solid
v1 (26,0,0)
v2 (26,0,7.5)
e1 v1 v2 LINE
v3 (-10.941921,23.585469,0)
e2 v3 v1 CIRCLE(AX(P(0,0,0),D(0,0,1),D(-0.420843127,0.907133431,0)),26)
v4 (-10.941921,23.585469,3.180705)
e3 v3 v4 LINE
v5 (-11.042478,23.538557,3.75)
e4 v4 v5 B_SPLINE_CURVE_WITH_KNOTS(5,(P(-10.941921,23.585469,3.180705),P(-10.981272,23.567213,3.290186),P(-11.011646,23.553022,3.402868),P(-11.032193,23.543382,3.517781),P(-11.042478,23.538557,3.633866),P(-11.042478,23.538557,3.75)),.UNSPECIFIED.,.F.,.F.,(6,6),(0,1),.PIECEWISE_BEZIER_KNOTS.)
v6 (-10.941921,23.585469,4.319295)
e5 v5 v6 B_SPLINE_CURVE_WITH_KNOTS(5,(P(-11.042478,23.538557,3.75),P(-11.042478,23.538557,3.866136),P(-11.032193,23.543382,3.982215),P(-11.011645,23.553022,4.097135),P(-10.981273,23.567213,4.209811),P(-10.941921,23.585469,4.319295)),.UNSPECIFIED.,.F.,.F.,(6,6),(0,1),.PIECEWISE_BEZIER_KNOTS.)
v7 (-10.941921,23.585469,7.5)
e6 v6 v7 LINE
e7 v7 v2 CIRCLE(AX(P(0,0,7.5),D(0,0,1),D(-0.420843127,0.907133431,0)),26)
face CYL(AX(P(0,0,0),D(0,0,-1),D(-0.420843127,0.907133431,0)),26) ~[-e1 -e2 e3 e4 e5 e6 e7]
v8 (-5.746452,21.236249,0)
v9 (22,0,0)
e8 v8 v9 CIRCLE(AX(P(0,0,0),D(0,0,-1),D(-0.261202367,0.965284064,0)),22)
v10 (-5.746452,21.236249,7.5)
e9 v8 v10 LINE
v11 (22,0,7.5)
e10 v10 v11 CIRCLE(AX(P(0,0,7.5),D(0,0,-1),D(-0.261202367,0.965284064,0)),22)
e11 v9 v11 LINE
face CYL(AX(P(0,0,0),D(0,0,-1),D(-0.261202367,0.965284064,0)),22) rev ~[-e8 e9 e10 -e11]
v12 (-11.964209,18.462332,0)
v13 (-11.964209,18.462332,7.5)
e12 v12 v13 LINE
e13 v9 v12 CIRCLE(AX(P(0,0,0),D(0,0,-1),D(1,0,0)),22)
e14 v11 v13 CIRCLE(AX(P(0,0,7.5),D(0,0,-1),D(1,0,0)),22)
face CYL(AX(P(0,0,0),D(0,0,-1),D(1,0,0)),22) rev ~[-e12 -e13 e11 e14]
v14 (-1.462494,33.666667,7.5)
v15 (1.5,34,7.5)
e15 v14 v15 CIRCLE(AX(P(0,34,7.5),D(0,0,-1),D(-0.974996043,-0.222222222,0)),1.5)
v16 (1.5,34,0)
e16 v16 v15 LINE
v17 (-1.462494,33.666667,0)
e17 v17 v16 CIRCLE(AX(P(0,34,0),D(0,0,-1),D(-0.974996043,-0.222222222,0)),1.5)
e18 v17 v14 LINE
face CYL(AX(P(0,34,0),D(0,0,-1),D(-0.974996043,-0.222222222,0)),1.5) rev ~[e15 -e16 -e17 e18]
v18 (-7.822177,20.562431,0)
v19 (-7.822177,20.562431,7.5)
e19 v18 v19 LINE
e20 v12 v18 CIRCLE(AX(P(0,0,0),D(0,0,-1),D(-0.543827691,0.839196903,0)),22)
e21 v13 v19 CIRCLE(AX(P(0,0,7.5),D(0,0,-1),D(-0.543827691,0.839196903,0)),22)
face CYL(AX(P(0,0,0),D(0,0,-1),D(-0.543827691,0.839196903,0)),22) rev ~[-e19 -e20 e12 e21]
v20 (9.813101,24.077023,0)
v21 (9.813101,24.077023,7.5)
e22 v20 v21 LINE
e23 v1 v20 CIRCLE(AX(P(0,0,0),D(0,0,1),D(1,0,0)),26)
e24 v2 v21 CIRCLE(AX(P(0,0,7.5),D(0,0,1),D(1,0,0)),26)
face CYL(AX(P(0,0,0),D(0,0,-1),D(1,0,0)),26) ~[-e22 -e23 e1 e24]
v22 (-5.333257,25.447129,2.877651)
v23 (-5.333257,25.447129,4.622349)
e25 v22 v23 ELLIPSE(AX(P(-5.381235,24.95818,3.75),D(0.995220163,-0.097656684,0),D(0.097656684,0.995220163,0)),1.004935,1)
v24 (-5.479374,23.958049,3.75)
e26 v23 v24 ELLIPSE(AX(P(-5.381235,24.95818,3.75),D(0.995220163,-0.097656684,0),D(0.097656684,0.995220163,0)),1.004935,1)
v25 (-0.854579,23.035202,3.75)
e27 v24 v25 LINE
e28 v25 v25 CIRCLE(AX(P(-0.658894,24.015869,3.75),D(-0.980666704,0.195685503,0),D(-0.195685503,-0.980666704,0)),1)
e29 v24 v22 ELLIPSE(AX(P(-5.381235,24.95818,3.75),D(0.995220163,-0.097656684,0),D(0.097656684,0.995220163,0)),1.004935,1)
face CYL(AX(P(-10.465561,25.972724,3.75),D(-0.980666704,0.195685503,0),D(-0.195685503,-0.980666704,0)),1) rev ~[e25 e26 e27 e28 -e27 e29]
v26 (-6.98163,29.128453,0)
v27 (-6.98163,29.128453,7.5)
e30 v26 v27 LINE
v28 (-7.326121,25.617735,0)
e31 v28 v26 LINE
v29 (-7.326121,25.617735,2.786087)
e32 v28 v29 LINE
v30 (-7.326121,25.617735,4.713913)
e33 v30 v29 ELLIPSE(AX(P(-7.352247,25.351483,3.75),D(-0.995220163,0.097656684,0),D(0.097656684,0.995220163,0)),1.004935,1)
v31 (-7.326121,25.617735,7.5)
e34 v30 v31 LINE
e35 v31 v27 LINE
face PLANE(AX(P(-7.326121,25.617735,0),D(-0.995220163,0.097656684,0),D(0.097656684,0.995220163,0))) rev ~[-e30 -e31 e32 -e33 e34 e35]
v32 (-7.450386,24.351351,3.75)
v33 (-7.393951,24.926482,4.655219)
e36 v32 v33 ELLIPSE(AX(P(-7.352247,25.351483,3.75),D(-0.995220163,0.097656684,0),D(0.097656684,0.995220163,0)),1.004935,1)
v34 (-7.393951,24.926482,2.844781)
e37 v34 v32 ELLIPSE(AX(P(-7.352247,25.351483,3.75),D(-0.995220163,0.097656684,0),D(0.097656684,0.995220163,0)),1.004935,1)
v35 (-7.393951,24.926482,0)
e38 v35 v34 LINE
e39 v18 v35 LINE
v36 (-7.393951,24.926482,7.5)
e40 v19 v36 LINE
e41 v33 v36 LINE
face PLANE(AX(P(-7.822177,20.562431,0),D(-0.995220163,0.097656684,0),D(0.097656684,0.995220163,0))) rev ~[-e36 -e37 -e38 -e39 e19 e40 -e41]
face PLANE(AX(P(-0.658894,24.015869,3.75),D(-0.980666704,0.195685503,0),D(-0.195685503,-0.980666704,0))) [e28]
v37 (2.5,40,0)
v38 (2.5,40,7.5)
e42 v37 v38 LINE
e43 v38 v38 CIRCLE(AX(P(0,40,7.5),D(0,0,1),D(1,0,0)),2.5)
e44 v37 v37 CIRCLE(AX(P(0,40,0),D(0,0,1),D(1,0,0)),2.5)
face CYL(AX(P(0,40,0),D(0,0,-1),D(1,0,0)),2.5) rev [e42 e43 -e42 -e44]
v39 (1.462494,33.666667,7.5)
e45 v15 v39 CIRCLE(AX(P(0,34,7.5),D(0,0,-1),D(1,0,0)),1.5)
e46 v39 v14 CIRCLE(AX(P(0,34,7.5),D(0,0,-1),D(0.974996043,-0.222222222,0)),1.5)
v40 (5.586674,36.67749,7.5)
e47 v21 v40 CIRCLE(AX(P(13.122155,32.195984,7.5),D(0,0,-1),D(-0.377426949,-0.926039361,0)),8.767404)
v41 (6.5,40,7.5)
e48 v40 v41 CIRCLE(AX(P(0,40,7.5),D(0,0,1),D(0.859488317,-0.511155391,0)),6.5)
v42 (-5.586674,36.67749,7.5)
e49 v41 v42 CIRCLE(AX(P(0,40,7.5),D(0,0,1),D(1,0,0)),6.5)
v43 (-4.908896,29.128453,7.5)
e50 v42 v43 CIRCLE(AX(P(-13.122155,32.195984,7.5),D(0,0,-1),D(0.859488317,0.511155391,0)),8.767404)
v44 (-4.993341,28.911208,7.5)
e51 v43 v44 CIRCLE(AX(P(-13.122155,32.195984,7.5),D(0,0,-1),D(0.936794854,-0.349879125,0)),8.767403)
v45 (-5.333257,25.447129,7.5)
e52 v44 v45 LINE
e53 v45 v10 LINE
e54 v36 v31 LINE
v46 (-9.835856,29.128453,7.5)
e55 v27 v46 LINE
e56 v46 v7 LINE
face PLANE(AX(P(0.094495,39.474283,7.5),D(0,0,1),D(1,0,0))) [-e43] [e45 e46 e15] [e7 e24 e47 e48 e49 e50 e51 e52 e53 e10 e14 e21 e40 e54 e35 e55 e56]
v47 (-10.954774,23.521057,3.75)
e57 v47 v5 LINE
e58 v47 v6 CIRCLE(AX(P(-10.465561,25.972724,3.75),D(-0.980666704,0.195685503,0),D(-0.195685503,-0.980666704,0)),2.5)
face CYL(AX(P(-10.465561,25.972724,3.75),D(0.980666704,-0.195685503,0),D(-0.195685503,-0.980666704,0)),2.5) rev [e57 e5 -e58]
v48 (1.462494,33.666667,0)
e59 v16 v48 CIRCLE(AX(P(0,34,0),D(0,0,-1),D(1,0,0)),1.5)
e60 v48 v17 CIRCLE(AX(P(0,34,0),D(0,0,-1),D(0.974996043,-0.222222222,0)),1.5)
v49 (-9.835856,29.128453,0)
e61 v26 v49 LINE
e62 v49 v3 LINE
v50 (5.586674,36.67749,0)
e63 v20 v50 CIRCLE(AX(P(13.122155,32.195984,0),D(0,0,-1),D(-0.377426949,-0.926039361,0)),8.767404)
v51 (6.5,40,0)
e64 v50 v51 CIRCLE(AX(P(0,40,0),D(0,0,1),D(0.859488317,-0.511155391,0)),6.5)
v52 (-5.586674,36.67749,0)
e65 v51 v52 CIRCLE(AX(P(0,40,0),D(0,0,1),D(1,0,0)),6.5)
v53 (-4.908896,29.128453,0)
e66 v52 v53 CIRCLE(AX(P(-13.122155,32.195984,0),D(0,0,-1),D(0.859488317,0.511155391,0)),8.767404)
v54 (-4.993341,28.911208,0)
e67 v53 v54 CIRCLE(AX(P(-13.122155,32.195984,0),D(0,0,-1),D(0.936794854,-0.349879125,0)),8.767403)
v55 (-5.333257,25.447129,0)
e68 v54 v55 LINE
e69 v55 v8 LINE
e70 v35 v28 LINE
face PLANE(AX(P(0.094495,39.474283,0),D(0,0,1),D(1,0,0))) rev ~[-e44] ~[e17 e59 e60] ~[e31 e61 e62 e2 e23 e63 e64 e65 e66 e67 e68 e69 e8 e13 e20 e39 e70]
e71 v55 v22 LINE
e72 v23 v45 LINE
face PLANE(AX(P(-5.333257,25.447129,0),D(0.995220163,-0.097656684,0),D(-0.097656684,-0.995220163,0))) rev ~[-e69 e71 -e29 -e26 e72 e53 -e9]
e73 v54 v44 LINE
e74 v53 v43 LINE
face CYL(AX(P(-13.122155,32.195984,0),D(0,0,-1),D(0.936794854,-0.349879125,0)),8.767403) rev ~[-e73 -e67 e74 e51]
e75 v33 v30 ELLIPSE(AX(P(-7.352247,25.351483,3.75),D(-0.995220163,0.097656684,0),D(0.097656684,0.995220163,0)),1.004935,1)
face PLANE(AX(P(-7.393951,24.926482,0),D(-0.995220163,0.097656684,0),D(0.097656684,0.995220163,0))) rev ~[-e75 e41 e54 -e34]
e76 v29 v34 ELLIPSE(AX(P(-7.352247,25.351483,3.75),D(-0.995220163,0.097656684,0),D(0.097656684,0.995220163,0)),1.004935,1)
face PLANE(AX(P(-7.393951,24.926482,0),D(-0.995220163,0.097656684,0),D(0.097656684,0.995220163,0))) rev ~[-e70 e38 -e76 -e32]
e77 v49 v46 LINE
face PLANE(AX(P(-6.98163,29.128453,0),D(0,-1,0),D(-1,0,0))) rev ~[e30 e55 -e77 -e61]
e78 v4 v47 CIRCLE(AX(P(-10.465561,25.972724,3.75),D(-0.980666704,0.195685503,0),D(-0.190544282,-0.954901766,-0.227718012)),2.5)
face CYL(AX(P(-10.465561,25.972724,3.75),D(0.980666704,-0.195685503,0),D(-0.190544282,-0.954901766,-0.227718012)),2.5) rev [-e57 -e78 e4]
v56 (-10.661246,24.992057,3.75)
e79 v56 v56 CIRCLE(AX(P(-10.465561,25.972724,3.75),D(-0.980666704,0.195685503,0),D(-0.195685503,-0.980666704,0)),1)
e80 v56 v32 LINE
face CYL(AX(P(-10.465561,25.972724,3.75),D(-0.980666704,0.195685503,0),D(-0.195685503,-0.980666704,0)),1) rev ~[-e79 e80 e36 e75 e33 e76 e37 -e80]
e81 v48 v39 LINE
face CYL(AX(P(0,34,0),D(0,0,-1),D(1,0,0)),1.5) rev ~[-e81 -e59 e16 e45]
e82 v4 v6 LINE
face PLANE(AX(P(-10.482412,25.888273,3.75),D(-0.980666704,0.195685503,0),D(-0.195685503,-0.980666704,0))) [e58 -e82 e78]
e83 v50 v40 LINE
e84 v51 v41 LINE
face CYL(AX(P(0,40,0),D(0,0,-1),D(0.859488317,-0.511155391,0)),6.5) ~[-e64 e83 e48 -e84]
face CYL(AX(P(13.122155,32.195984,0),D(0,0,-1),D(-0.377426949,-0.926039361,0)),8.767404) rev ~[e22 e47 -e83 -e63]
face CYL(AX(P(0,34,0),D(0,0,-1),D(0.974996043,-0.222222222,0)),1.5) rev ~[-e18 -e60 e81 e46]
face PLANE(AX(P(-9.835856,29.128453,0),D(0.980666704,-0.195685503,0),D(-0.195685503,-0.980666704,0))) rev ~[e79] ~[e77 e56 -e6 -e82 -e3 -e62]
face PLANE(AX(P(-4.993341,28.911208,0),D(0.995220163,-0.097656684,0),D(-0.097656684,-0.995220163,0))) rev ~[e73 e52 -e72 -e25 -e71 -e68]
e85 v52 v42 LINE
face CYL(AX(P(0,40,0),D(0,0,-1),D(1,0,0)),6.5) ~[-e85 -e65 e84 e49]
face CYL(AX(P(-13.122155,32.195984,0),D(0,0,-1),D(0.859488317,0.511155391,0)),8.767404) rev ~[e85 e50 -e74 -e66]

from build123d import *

# Parameters (mm, degrees)
F0_R     = 2.5
F1_DEPTH = 7.5
F2_R     = 1
F3_DEPTH = 10
F4_DEPTH = 25


with BuildPart() as f1:
    # F0 (on Top) → F1 (new body)
    with BuildSketch(Plane.XY):
        with BuildLine():
            ThreePointArc((1.4624940646, 33.6666666667), (3.832617517, 34.7501387667), (5.5866740582, 36.6774899598))
            ThreePointArc((5.5866740582, 36.6774899598), (6.2675107251, 38.2771217946), (6.5, 40))
            ThreePointArc((6.5, 40), (-1.7228782054, 46.2675107251), (-5.5866740582, 36.6774899598))
            ThreePointArc((-5.5866740582, 36.6774899598), (-3.832617517, 34.7501387667), (-1.4624940646, 33.6666666667))
            ThreePointArc((-1.4624940646, 33.6666666667), (-0.1677183698, 35.4905940254), (1.5, 34))
            ThreePointArc((1.5, 34), (1.4905940254, 33.8322816302), (1.4624940646, 33.6666666667))
        make_face()
        with Locations((0, 40)):
            Circle(F0_R, mode=Mode.SUBTRACT)
        with BuildLine():
            ThreePointArc((-5.3332565238, 25.44712901), (2.3423382025, 25.8942744974), (9.8131006729, 24.0770233871))
            ThreePointArc((9.8131006729, 24.0770233871), (4.8098794275, 29.40789523), (5.5866740582, 36.6774899598))
            ThreePointArc((5.5866740582, 36.6774899598), (3.832617517, 34.7501387667), (1.4624940646, 33.6666666667))
            ThreePointArc((1.4624940646, 33.6666666667), (0, 32.5), (-1.4624940646, 33.6666666667))
            ThreePointArc((-1.4624940646, 33.6666666667), (-3.832617517, 34.7501387667), (-5.5866740582, 36.6774899598))
            ThreePointArc((-5.5866740582, 36.6774899598), (-4.3898764062, 32.979997265), (-4.9088964418, 29.128452763))
            ThreePointArc((-4.9088964418, 29.128452763), (-4.9503969095, 29.0195498849), (-4.993341291, 28.9112082687))
            Line((-4.993341291, 28.9112082687), (-5.3332565238, 25.44712901))
        make_face()
        with BuildLine():
            ThreePointArc((-10.9419213055, 23.5854692161), (-13.9912480869, -21.9144923959), (26, 0))
            ThreePointArc((26, 0), (21.5770783182, 14.5061949267), (9.8131006729, 24.0770233871))
            ThreePointArc((9.8131006729, 24.0770233871), (2.3423382025, 25.8942744974), (-5.3332565238, 25.44712901))
            Line((-5.3332565238, 25.44712901), (-5.7464520703, 21.2362494006))
            ThreePointArc((-5.7464520703, 21.2362494006), (13.371201413, 17.4702882854), (22, 0))
            ThreePointArc((22, 0), (-10.5068405661, -19.3288980886), (-11.9642092108, 18.4623318668))
            Line((-11.9642092108, 18.4623318668), (-10.9419213055, 23.5854692161))
        make_face()
        with BuildLine():
            ThreePointArc((-9.8131006729, 24.0770233871), (-10.3804210274, 23.837929006), (-10.9419213055, 23.5854692161))
            Line((-10.9419213055, 23.5854692161), (-11.9642092108, 18.4623318668))
            ThreePointArc((-11.9642092108, 18.4623318668), (-9.9487622141, 19.6219807972), (-7.8221766033, 20.5624306245))
            Line((-7.8221766033, 20.5624306245), (-7.3939510007, 24.9264816731))
            ThreePointArc((-7.3939510007, 24.9264816731), (-8.6140032313, 24.5315908235), (-9.8131006729, 24.0770233871))
        make_face()
        with BuildLine():
            ThreePointArc((-7.326121242, 25.6177353666), (-8.504893301, 24.7429137255), (-9.8131006729, 24.0770233871))
            ThreePointArc((-9.8131006729, 24.0770233871), (-8.6140032313, 24.5315908235), (-7.3939510007, 24.9264816731))
            Line((-7.3939510007, 24.9264816731), (-7.326121242, 25.6177353666))
        make_face()
        with BuildLine():
            Line((-9.8358558903, 29.128452763), (-10.9419213055, 23.5854692161))
            ThreePointArc((-10.9419213055, 23.5854692161), (-10.3804210274, 23.837929006), (-9.8131006729, 24.0770233871))
            ThreePointArc((-9.8131006729, 24.0770233871), (-8.504893301, 24.7429137255), (-7.326121242, 25.6177353666))
            Line((-7.326121242, 25.6177353666), (-6.9816296089, 29.128452763))
            Line((-6.9816296089, 29.128452763), (-9.8358558903, 29.128452763))
        make_face()
    extrude(amount=F1_DEPTH)

    # F2 (on face) → F3 (cut)
    with BuildSketch(Plane(origin=(-15.0490291094, 3.0029334363, 0), x_dir=(-0.1956855032, -0.9806667037, 0), z_dir=(-0.9806667037, 0.1956855032, 0))):
        with Locations((-23.4226267785, 3.75)):
            Circle(F2_R)
    extrude(amount=-F3_DEPTH, mode=Mode.SUBTRACT)

    # F2 (on face) → F4 (cut)
    with BuildSketch(Plane(origin=(-15.0490291094, 3.0029334363, 0), x_dir=(-0.1956855032, -0.9806667037, 0), z_dir=(-0.9806667037, 0.1956855032, 0))):
        with BuildLine():
            Line((-20.9883089752, 3.1807049686), (-20.9883089752, 4.3192950314))
            ThreePointArc((-20.9883089752, 4.3192950314), (-25.9226267785, 3.75), (-20.9883089752, 3.1807049686))
        make_face()
        with Locations((-23.4226267785, 3.75)):
            Circle(F2_R, mode=Mode.SUBTRACT)
        with BuildLine():
            ThreePointArc((-20.9883089752, 3.1807049686), (-20.9391016117, 3.4634642327), (-20.9226267785, 3.75))
            ThreePointArc((-20.9226267785, 3.75), (-20.9391016117, 4.0365357673), (-20.9883089752, 4.3192950314))
            Line((-20.9883089752, 4.3192950314), (-20.9883089752, 3.1807049686))
        make_face()
    extrude(amount=F4_DEPTH, mode=Mode.SUBTRACT)


solid = f1.part
